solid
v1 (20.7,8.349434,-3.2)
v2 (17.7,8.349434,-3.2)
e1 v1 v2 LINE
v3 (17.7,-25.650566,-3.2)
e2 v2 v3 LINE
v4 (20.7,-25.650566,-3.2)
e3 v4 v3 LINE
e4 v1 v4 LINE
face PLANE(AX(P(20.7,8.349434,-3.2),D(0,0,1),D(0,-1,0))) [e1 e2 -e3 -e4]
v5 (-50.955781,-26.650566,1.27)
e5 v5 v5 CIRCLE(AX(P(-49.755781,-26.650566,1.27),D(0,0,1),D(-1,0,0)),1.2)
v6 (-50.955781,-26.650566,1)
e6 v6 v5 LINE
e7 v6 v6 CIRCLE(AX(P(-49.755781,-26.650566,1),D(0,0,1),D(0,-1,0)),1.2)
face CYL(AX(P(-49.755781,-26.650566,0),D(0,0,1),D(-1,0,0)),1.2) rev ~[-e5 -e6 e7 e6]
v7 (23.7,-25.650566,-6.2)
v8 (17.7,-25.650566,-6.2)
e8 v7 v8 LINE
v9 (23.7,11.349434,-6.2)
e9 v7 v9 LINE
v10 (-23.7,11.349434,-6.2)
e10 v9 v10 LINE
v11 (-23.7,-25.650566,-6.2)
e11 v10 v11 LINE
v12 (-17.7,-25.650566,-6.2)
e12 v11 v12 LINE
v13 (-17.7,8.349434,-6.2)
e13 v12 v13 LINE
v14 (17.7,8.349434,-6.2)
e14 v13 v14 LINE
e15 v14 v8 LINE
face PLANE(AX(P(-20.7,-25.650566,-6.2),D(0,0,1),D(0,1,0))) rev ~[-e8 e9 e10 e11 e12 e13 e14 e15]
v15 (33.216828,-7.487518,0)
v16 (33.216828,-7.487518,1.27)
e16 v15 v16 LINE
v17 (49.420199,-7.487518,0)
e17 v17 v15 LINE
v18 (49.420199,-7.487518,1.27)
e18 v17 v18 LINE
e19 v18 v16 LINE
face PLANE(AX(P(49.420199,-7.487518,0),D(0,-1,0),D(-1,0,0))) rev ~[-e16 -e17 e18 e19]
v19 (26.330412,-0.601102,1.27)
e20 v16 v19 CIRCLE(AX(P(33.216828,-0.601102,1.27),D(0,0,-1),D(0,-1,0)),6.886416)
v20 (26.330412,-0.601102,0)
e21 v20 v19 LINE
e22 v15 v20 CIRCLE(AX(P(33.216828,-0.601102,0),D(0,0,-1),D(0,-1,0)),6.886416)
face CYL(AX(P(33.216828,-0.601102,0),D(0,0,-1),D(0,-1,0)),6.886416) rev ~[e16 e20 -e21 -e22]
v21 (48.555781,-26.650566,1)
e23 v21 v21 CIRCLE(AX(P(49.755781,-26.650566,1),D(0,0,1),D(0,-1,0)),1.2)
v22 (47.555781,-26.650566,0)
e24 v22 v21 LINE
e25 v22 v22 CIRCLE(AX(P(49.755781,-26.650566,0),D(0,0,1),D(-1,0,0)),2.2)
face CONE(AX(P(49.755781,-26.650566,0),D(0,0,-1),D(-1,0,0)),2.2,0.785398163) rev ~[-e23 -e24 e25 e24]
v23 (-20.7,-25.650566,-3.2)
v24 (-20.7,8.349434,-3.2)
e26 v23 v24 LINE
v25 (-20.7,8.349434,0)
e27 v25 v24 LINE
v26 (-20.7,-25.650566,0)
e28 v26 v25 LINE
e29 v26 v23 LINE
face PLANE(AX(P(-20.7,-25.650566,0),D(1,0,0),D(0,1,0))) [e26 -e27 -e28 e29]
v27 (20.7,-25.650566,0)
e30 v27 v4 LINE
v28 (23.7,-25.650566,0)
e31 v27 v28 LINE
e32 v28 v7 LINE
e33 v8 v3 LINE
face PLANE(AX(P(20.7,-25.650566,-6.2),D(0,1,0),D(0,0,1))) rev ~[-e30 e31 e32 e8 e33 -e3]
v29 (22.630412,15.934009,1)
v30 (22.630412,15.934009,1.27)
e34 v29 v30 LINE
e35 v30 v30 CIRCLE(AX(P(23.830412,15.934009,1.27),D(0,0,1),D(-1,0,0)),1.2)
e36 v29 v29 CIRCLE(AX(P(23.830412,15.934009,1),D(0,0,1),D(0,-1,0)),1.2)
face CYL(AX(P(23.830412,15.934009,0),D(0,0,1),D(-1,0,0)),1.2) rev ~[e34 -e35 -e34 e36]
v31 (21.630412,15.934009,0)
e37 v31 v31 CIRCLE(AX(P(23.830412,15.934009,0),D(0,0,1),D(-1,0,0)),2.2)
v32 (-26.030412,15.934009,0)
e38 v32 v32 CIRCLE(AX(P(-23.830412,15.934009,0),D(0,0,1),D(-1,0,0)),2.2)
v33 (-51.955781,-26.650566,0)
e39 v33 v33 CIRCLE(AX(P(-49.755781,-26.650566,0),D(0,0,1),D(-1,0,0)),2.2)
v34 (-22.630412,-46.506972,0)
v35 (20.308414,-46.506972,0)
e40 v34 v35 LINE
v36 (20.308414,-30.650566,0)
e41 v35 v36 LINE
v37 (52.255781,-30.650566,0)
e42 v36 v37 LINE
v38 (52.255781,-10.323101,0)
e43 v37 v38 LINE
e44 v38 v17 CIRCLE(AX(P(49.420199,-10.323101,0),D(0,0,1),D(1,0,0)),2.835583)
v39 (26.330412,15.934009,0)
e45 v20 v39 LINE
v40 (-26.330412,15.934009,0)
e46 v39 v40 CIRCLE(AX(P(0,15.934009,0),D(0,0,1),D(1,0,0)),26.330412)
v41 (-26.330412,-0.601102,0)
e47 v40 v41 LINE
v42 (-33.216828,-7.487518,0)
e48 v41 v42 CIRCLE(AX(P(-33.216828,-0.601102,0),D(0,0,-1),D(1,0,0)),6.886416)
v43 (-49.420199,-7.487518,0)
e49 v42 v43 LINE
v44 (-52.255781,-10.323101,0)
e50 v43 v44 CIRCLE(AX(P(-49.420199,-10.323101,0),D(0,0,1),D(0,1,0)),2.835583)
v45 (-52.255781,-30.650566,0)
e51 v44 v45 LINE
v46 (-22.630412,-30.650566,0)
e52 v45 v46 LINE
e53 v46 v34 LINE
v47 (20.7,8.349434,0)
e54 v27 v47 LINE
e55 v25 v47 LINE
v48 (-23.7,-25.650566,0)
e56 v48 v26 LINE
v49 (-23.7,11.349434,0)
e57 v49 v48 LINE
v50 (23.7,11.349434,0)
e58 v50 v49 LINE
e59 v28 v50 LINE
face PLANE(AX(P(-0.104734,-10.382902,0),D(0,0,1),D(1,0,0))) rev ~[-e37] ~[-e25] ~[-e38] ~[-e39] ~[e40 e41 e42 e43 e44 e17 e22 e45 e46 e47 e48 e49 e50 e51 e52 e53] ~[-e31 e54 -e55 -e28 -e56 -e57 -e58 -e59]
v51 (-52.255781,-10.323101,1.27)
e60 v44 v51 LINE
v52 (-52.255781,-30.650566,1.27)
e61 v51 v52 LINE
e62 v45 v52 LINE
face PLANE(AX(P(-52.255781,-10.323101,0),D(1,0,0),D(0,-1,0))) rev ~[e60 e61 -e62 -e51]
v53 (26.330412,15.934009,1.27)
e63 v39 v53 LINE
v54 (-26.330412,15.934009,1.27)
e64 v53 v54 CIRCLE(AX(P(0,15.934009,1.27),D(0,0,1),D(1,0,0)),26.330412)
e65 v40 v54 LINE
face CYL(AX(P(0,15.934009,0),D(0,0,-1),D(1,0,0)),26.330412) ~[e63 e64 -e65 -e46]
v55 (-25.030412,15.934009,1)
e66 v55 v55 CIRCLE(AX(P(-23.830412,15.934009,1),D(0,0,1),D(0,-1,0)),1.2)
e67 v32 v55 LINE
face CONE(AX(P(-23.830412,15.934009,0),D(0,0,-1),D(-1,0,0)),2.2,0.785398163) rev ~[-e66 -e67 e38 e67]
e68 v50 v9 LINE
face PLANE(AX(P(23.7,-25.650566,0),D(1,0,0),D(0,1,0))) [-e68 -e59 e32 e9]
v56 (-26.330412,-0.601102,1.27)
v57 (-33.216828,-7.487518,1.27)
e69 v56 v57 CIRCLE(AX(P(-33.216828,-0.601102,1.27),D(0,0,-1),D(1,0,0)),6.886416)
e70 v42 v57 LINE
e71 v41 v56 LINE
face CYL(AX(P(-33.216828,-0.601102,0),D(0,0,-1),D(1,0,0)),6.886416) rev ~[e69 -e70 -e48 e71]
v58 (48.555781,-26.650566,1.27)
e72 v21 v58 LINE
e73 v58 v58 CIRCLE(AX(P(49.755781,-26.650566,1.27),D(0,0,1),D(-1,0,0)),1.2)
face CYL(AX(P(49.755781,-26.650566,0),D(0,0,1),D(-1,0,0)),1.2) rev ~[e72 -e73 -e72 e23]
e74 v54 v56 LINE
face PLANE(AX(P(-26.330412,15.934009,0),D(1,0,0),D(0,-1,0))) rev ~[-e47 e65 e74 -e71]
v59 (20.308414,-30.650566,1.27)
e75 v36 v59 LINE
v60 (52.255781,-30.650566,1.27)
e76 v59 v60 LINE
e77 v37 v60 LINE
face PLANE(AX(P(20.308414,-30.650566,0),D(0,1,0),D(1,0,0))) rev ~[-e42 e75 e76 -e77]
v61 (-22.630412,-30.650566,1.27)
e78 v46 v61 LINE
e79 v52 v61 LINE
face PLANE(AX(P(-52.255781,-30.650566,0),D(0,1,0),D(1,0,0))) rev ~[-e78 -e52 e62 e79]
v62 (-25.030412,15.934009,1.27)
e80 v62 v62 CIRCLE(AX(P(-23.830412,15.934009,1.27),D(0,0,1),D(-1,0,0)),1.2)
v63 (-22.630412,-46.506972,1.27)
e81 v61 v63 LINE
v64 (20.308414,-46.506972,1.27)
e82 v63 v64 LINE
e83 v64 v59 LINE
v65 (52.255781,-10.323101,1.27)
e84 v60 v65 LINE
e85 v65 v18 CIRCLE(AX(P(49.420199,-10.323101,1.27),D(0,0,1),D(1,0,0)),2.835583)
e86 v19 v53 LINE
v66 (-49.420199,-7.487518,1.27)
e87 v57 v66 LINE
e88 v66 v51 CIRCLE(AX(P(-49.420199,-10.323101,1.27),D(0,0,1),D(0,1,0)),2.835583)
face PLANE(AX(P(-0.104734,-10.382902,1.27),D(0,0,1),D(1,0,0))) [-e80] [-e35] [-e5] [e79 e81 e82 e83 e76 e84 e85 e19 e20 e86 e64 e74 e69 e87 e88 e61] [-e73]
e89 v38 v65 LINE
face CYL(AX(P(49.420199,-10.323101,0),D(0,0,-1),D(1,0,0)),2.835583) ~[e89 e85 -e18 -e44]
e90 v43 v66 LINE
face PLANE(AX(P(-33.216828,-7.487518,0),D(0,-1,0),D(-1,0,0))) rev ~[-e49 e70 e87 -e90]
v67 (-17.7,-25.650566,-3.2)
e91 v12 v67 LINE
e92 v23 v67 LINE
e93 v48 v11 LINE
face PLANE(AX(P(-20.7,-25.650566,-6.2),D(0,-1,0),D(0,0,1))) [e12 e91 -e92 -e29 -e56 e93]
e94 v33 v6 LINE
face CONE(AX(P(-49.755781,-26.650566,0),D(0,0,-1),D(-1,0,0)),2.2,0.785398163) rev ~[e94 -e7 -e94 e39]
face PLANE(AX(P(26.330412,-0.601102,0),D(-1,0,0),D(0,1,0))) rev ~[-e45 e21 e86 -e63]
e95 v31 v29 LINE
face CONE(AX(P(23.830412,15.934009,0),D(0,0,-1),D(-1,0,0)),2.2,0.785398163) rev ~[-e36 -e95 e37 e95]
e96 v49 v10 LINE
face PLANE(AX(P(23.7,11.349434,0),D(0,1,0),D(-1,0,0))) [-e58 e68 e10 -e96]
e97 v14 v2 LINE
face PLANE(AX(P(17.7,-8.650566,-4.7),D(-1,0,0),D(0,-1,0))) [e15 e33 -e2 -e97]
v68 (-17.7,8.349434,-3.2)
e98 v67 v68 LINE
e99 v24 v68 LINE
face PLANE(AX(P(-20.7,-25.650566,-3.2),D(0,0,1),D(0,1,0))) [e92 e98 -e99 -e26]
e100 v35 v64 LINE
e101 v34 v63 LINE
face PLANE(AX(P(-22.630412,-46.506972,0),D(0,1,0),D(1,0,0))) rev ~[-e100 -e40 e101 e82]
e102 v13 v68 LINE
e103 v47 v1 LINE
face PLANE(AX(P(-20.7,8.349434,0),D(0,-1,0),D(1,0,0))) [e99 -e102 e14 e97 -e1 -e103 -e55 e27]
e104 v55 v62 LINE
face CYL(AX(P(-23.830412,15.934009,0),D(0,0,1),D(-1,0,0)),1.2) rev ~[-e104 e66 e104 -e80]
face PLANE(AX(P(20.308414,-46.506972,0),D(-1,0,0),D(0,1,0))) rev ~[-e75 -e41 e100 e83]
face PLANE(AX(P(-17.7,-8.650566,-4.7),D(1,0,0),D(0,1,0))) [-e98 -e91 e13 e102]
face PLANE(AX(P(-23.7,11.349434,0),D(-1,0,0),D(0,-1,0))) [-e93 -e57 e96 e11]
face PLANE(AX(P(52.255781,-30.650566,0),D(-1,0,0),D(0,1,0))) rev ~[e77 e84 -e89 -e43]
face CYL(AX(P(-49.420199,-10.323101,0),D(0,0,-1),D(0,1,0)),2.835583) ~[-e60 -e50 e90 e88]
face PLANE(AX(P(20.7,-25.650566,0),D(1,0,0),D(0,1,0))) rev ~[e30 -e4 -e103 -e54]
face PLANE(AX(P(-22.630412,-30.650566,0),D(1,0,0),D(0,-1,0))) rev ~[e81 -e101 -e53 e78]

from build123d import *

# Parameters (mm, degrees)
F0_R           = 2.2
F0_W           = 3
F0_H           = 34
F0_R_2         = 1.2
F1_DEPTH       = 1.27
F2_D           = 2.4
F2_CSINK_D     = 4.4
F2_CSINK_ANGLE = 90
F3_DEPTH       = 6.2
F5_W           = 34
F5_H           = 3
F6_DEPTH       = 3
F4_W           = 34
F4_H           = 3
F7_DEPTH       = 3


with BuildPart() as f1:
    # F0 (on Top) → F1 (new body)
    with BuildSketch(Plane.XY):
        with BuildLine():
            Line((-22.6304123436, -30.6505662125), (-22.6304123436, -46.5069715967))
            Line((-22.6304123436, -46.5069715967), (20.3084139398, -46.5069715967))
            Line((20.3084139398, -46.5069715967), (20.3084139398, -30.6505662125))
            Line((20.3084139398, -30.6505662125), (52.2557814969, -30.6505662125))
            Line((52.2557814969, -30.6505662125), (52.2557814969, -10.3231005183))
            ThreePointArc((52.2557814969, -10.3231005183), (51.4252585036, -8.3180406439), (49.4201986292, -7.4875176505))
            Line((49.4201986292, -7.4875176505), (33.2168278796, -7.4875176505))
            ThreePointArc((33.2168278796, -7.4875176505), (28.347396756, -5.4705332381), (26.3304123436, -0.6011021145))
            Line((26.3304123436, -0.6011021145), (26.3304123436, 15.9340094723))
            ThreePointArc((26.3304123436, 15.9340094723), (0, 42.2644218159), (-26.3304123436, 15.9340094723))
            Line((-26.3304123436, 15.9340094723), (-26.3304123436, -0.6011021145))
            ThreePointArc((-26.3304123436, -0.6011021145), (-28.347396756, -5.4705332381), (-33.2168278796, -7.4875176505))
            Line((-33.2168278796, -7.4875176505), (-49.4201986292, -7.4875176505))
            ThreePointArc((-49.4201986292, -7.4875176505), (-51.4252585036, -8.3180406439), (-52.2557814969, -10.3231005183))
            Line((-52.2557814969, -10.3231005183), (-52.2557814969, -30.6505662125))
            Line((-52.2557814969, -30.6505662125), (-22.6304123436, -30.6505662125))
        make_face()
        with Locations((-49.7557814969, -26.6505662125)):
            Circle(F0_R, mode=Mode.SUBTRACT)
        with Locations((49.7557814969, -26.6505662125)):
            Circle(F0_R, mode=Mode.SUBTRACT)
        Polygon((20.7, 8.3494337875), (-20.7, 8.3494337875), (-20.7, -25.6505662125), (-23.7, -25.6505662125), (-23.7, 8.3494337875), (-23.7, 11.3494337875), (23.7, 11.3494337875), (23.7, 8.3494337875), (23.7, -25.6505662125), (20.7, -25.6505662125), align=None, mode=Mode.SUBTRACT)
        with Locations((-23.8304123436, 15.9340094723)):
            Circle(F0_R, mode=Mode.SUBTRACT)
        with Locations((23.8304123436, 15.9340094723)):
            Circle(F0_R, mode=Mode.SUBTRACT)
        Polygon((-23.7, 8.3494337875), (-20.7, 8.3494337875), (20.7, 8.3494337875), (23.7, 8.3494337875), (23.7, 11.3494337875), (-23.7, 11.3494337875), align=None)
        with Locations((-22.2, -8.6505662125)):
            Rectangle(F0_W, F0_H)
        with Locations((22.2, -8.6505662125)):
            Rectangle(F0_W, F0_H)
        with Locations((-23.8304123436, 15.9340094723)):
            Circle(F0_R)
        with Locations((-23.8304123436, 15.9340094723)):
            Circle(F0_R_2, mode=Mode.SUBTRACT)
        with Locations((23.8304123436, 15.9340094723)):
            Circle(F0_R)
        with Locations((23.8304123436, 15.9340094723)):
            Circle(F0_R_2, mode=Mode.SUBTRACT)
        with Locations((49.7557814969, -26.6505662125)):
            Circle(F0_R)
        with Locations((49.7557814969, -26.6505662125)):
            Circle(F0_R_2, mode=Mode.SUBTRACT)
        with Locations((-49.7557814969, -26.6505662125)):
            Circle(F0_R)
        with Locations((-49.7557814969, -26.6505662125)):
            Circle(F0_R_2, mode=Mode.SUBTRACT)
        with Locations((-49.7557814969, -26.6505662125)):
            Circle(F0_R_2)
        with Locations((-23.8304123436, 15.9340094723)):
            Circle(F0_R_2)
        with Locations((23.8304123436, 15.9340094723)):
            Circle(F0_R_2)
        with Locations((49.7557814969, -26.6505662125)):
            Circle(F0_R_2)
    extrude(amount=F1_DEPTH)

    # F2 (through all)
    with Locations(Plane(origin=(0, 0, 0), x_dir=(1, 0, 0), z_dir=(0, 0, -1))):
        with Locations((-49.7557814969, 26.6505662125), (49.7557814969, 26.6505662125), (-23.8304123436, -15.9340094723), (23.8304123436, -15.9340094723)):
            CounterSinkHole(F2_D / 2, F2_CSINK_D / 2, counter_sink_angle=F2_CSINK_ANGLE)

    # F0 (on Top) → F3 (join)
    with BuildSketch(Plane.XY):
        with Locations((-22.2, -8.6505662125)):
            Rectangle(F0_W, F0_H)
        Polygon((-23.7, 8.3494337875), (-20.7, 8.3494337875), (20.7, 8.3494337875), (23.7, 8.3494337875), (23.7, 11.3494337875), (-23.7, 11.3494337875), align=None)
        with Locations((22.2, -8.6505662125)):
            Rectangle(F0_W, F0_H)
    extrude(amount=-F3_DEPTH)

    # F5 (on face) → F6 (join)
    with BuildSketch(Plane(origin=(20.7, 0, 0), x_dir=(0, -1, 0), z_dir=(-1, 0, 0))):
        with Locations((8.6505662125, -4.7)):
            Rectangle(F5_W, F5_H)
    extrude(amount=F6_DEPTH)

    # F4 (on face) → F7 (join)
    with BuildSketch(Plane.YZ.offset(-20.7)):
        with Locations((-8.6505662125, -4.7)):
            Rectangle(F4_W, F4_H)
    extrude(amount=F7_DEPTH)


solid = f1.part
